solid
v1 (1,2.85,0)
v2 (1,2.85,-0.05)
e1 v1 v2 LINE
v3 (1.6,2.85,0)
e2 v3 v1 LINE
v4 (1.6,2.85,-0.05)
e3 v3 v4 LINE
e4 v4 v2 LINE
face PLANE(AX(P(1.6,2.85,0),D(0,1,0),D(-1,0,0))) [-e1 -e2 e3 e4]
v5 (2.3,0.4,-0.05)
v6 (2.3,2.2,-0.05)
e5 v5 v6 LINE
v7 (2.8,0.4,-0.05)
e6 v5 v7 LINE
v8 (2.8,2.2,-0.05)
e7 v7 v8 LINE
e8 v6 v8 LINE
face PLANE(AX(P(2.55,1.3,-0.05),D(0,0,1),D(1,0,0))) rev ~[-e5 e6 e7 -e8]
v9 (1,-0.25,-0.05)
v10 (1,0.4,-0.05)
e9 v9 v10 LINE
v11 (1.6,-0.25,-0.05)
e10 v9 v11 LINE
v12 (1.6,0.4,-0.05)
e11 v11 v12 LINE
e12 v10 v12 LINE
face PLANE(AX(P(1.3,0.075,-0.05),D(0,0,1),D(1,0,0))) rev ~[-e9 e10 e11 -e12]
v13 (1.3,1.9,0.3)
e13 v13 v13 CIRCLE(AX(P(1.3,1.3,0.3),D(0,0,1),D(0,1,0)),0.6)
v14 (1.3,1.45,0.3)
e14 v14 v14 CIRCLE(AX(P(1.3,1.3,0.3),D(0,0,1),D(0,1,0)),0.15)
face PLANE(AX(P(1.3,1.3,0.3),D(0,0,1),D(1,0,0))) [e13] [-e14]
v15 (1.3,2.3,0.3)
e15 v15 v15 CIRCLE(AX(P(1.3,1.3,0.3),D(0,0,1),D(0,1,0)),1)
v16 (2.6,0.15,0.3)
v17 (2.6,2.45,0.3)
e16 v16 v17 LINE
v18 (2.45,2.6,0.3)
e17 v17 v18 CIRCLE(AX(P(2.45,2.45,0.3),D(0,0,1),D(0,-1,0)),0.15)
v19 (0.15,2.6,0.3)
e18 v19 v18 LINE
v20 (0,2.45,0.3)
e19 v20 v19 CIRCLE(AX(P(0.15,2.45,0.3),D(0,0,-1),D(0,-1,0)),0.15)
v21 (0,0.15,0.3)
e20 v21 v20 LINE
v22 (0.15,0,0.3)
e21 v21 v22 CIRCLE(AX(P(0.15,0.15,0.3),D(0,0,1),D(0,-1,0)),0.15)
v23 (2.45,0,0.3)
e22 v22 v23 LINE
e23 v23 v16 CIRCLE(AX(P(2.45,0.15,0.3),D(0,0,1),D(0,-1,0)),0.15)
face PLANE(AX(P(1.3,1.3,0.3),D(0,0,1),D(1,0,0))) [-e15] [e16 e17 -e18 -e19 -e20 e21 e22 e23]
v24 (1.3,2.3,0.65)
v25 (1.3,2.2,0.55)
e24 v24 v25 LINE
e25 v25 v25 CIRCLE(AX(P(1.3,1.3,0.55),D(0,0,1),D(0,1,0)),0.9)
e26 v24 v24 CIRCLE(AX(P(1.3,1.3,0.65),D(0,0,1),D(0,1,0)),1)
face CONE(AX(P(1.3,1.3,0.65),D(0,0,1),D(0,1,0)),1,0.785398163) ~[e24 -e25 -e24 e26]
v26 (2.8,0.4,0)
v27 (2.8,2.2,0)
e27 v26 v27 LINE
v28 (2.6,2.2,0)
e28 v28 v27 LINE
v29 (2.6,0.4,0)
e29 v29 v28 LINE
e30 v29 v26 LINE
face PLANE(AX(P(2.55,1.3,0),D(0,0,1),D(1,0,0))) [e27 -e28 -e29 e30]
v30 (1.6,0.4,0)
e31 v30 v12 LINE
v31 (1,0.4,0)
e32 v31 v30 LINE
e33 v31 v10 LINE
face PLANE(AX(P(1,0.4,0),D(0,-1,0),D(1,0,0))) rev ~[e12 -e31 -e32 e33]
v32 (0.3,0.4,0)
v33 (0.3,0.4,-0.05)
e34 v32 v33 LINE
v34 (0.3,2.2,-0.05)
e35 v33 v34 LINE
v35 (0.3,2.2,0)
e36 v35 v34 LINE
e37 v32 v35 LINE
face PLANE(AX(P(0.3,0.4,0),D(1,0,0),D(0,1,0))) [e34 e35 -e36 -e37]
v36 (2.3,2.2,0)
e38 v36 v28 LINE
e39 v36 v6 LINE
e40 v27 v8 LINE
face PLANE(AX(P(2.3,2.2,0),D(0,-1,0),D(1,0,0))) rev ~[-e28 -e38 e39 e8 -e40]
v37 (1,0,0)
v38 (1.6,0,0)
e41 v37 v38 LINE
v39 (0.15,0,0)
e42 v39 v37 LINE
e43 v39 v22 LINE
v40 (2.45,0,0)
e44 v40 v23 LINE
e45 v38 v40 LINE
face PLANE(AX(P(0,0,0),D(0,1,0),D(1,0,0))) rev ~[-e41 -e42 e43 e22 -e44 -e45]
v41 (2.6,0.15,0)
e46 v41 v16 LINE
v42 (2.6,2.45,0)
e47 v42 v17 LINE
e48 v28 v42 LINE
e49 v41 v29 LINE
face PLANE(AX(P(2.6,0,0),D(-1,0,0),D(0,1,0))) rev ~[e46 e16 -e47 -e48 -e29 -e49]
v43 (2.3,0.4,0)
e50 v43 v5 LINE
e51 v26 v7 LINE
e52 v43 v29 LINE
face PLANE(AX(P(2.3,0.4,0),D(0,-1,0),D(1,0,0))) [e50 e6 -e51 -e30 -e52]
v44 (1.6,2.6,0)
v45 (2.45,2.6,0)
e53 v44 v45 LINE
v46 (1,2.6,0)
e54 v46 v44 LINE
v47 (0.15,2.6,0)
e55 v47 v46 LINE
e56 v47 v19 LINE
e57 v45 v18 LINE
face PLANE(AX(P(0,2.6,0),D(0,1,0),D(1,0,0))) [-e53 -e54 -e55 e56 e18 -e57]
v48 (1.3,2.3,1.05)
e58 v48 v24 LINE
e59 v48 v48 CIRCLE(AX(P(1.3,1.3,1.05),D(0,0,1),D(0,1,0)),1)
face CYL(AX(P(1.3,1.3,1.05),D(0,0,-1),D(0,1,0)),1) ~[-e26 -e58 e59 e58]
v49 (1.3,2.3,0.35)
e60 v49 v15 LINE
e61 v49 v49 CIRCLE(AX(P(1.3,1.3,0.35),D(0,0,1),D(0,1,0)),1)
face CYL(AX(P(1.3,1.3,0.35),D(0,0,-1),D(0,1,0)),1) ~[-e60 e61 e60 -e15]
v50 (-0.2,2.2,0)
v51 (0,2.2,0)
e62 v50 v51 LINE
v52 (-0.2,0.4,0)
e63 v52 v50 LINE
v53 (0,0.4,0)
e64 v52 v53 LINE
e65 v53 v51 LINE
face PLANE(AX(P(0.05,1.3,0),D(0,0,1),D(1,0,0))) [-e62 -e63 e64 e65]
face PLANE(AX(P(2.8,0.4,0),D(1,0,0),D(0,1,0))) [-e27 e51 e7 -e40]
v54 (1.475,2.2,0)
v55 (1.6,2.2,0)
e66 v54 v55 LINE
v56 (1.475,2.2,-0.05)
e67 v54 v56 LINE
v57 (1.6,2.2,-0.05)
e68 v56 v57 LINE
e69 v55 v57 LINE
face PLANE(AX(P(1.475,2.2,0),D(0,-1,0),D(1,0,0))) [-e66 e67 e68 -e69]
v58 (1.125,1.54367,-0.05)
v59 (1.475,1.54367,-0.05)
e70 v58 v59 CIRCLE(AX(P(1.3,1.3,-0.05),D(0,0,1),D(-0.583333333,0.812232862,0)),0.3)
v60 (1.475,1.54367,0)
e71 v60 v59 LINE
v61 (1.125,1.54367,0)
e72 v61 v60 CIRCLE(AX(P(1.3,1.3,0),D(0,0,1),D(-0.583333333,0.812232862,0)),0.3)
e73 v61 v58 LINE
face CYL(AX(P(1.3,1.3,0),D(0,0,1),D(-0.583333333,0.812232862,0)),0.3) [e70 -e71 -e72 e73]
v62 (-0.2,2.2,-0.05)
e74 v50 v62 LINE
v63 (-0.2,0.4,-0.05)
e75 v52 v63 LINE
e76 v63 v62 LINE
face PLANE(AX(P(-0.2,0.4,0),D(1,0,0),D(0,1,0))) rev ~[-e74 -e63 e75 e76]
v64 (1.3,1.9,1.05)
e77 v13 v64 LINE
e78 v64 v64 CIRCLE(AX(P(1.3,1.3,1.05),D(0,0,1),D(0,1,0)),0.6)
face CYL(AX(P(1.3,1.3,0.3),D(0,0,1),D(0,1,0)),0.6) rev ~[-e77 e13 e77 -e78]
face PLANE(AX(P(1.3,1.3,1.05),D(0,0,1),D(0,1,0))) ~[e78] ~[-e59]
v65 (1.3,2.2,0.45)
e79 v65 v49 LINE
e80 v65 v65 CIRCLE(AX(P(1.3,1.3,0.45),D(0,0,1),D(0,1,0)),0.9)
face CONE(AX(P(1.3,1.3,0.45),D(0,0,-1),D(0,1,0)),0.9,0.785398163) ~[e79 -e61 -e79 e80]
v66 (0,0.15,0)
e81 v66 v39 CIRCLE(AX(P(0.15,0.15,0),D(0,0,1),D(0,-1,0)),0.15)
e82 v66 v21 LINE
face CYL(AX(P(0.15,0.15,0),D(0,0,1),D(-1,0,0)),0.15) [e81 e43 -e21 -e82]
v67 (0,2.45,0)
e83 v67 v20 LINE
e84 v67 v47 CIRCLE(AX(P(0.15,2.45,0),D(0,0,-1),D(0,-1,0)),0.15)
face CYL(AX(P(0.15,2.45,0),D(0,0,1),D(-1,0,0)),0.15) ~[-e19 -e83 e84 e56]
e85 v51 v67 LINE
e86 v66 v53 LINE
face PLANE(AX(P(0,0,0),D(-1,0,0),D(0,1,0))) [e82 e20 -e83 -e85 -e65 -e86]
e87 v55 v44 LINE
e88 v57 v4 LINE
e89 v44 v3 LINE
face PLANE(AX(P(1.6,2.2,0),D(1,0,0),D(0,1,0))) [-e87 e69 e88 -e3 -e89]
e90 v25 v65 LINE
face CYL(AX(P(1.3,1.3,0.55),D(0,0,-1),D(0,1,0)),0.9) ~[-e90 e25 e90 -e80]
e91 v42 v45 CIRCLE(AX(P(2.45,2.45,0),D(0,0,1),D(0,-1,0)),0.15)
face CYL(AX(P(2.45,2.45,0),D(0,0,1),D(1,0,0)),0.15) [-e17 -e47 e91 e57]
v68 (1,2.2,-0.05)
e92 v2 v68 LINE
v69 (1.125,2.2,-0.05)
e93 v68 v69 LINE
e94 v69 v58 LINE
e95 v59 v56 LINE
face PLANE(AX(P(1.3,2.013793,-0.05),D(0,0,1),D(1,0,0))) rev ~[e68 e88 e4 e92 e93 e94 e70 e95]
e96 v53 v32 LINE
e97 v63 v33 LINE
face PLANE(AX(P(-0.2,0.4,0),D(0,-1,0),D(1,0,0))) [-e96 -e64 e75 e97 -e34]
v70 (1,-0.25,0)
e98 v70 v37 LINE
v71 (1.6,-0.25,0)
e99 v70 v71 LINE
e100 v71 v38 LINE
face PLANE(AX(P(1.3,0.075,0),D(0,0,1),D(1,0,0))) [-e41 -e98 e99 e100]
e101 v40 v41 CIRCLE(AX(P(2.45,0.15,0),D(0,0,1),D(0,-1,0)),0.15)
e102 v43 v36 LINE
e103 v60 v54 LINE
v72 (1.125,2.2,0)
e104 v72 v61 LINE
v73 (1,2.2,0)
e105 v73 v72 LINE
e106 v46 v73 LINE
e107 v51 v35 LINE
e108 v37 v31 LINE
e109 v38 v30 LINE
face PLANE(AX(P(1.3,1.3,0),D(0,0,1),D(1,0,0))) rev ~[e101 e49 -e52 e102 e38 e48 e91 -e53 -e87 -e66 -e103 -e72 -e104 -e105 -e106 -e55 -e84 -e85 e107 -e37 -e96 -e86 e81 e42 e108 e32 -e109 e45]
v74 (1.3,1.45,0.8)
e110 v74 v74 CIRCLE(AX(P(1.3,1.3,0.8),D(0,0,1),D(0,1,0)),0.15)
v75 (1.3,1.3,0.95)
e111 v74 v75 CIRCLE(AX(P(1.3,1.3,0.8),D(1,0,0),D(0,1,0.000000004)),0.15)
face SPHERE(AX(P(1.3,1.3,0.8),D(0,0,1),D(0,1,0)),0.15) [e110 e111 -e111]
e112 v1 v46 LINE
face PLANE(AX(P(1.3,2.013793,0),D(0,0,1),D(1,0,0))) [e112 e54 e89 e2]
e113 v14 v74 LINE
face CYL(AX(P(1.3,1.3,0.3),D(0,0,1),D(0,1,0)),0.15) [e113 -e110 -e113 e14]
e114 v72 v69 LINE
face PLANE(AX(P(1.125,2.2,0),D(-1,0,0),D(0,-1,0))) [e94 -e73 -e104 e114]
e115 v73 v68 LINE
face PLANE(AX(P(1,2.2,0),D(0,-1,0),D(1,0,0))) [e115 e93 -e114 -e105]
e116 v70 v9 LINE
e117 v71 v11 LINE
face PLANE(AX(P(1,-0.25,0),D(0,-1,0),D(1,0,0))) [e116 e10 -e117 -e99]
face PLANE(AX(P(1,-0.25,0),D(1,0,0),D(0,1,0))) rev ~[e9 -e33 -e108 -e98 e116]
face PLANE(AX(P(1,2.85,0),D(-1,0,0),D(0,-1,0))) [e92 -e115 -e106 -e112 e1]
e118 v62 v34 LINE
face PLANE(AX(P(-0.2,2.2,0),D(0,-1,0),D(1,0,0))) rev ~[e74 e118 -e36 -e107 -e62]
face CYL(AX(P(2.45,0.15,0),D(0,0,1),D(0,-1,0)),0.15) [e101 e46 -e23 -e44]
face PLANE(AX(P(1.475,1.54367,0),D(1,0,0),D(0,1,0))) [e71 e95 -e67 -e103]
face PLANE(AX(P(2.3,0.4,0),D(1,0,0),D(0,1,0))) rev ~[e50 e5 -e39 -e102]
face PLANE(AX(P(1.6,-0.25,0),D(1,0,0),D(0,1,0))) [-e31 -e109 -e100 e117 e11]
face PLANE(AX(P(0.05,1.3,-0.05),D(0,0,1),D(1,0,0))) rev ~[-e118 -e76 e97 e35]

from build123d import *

# Parameters (mm, degrees)
SKETCH2_W           = 2.6
SKETCH2_H           = 2.6
BOSS_EXTRUDE2_DEPTH = 0.3
FILLET1_R           = 0.15
SKETCH3_W           = 0.5
SKETCH3_H           = 1.8
SKETCH3_W_2         = 0.6
SKETCH3_H_2         = 0.65
BOSS_EXTRUDE3_DEPTH = 0.05


with BuildPart() as part:
    # Sketch2 → Boss-Extrude2 (new body)
    with BuildSketch(Plane.XY):
        with Locations((1.3, 1.3)):
            Rectangle(SKETCH2_W, SKETCH2_H)
    extrude(amount=BOSS_EXTRUDE2_DEPTH)

    # Fillet1
    fillet1_edges = [part.edges().sort_by_distance(p)[0] for p in [
        (0, 2.6, 0.15),
        (2.6, 2.6, 0.15),
        (2.6, 0, 0.15),
        (0, 0, 0.15),
    ]]
    fillet(fillet1_edges, radius=FILLET1_R)

    # Sketch3 → Boss-Extrude3 (add)
    with BuildSketch(Plane.XY):
        with Locations((0.05, 1.3)):
            Rectangle(SKETCH3_W, SKETCH3_H)
        with Locations((2.55, 1.3)):
            Rectangle(SKETCH3_W, SKETCH3_H)
        with BuildLine():
            Line((1.475, 2.2), (1.6, 2.2))
            Line((1.6, 2.2), (1.6, 2.85))
            Line((1.6, 2.85), (1, 2.85))
            Line((1, 2.85), (1, 2.2))
            Line((1, 2.2), (1.125, 2.2))
            Line((1.125, 2.2), (1.125, 1.543669859))
            ThreePointArc((1.125, 1.543669859), (1.3, 1), (1.475, 1.543669859))
            Line((1.475, 1.543669859), (1.475, 2.2))
        make_face()
        with Locations((1.3, 0.075)):
            Rectangle(SKETCH3_W_2, SKETCH3_H_2)
    extrude(amount=-BOSS_EXTRUDE3_DEPTH)

    # Sketch4 → Revolve1 (revolve)
    with BuildSketch(Plane(origin=(1.3, 0, 0), x_dir=(0, 0, -1), z_dir=(1, 0, 0))):
        with BuildLine():
            Line((-0.3, 1.45), (-0.8, 1.45))
            ThreePointArc((-0.8, 1.45), (-0.906066017, 1.406066017), (-0.95, 1.3))
            Line((-0.95, 1.3), (-0.3, 1.3))
            Line((-0.3, 1.3), (-0.3, 1.45))
        make_face()
        Polygon((-0.3, 1.9), (-1.05, 1.9), (-1.05, 2.3), (-0.65, 2.3), (-0.55, 2.2), (-0.45, 2.2), (-0.35, 2.3), (-0.3, 2.3), align=None)
    revolve(axis=Axis((1.3, 1.3, -0.060709098), (0, 0, 1)))


solid = part.part
